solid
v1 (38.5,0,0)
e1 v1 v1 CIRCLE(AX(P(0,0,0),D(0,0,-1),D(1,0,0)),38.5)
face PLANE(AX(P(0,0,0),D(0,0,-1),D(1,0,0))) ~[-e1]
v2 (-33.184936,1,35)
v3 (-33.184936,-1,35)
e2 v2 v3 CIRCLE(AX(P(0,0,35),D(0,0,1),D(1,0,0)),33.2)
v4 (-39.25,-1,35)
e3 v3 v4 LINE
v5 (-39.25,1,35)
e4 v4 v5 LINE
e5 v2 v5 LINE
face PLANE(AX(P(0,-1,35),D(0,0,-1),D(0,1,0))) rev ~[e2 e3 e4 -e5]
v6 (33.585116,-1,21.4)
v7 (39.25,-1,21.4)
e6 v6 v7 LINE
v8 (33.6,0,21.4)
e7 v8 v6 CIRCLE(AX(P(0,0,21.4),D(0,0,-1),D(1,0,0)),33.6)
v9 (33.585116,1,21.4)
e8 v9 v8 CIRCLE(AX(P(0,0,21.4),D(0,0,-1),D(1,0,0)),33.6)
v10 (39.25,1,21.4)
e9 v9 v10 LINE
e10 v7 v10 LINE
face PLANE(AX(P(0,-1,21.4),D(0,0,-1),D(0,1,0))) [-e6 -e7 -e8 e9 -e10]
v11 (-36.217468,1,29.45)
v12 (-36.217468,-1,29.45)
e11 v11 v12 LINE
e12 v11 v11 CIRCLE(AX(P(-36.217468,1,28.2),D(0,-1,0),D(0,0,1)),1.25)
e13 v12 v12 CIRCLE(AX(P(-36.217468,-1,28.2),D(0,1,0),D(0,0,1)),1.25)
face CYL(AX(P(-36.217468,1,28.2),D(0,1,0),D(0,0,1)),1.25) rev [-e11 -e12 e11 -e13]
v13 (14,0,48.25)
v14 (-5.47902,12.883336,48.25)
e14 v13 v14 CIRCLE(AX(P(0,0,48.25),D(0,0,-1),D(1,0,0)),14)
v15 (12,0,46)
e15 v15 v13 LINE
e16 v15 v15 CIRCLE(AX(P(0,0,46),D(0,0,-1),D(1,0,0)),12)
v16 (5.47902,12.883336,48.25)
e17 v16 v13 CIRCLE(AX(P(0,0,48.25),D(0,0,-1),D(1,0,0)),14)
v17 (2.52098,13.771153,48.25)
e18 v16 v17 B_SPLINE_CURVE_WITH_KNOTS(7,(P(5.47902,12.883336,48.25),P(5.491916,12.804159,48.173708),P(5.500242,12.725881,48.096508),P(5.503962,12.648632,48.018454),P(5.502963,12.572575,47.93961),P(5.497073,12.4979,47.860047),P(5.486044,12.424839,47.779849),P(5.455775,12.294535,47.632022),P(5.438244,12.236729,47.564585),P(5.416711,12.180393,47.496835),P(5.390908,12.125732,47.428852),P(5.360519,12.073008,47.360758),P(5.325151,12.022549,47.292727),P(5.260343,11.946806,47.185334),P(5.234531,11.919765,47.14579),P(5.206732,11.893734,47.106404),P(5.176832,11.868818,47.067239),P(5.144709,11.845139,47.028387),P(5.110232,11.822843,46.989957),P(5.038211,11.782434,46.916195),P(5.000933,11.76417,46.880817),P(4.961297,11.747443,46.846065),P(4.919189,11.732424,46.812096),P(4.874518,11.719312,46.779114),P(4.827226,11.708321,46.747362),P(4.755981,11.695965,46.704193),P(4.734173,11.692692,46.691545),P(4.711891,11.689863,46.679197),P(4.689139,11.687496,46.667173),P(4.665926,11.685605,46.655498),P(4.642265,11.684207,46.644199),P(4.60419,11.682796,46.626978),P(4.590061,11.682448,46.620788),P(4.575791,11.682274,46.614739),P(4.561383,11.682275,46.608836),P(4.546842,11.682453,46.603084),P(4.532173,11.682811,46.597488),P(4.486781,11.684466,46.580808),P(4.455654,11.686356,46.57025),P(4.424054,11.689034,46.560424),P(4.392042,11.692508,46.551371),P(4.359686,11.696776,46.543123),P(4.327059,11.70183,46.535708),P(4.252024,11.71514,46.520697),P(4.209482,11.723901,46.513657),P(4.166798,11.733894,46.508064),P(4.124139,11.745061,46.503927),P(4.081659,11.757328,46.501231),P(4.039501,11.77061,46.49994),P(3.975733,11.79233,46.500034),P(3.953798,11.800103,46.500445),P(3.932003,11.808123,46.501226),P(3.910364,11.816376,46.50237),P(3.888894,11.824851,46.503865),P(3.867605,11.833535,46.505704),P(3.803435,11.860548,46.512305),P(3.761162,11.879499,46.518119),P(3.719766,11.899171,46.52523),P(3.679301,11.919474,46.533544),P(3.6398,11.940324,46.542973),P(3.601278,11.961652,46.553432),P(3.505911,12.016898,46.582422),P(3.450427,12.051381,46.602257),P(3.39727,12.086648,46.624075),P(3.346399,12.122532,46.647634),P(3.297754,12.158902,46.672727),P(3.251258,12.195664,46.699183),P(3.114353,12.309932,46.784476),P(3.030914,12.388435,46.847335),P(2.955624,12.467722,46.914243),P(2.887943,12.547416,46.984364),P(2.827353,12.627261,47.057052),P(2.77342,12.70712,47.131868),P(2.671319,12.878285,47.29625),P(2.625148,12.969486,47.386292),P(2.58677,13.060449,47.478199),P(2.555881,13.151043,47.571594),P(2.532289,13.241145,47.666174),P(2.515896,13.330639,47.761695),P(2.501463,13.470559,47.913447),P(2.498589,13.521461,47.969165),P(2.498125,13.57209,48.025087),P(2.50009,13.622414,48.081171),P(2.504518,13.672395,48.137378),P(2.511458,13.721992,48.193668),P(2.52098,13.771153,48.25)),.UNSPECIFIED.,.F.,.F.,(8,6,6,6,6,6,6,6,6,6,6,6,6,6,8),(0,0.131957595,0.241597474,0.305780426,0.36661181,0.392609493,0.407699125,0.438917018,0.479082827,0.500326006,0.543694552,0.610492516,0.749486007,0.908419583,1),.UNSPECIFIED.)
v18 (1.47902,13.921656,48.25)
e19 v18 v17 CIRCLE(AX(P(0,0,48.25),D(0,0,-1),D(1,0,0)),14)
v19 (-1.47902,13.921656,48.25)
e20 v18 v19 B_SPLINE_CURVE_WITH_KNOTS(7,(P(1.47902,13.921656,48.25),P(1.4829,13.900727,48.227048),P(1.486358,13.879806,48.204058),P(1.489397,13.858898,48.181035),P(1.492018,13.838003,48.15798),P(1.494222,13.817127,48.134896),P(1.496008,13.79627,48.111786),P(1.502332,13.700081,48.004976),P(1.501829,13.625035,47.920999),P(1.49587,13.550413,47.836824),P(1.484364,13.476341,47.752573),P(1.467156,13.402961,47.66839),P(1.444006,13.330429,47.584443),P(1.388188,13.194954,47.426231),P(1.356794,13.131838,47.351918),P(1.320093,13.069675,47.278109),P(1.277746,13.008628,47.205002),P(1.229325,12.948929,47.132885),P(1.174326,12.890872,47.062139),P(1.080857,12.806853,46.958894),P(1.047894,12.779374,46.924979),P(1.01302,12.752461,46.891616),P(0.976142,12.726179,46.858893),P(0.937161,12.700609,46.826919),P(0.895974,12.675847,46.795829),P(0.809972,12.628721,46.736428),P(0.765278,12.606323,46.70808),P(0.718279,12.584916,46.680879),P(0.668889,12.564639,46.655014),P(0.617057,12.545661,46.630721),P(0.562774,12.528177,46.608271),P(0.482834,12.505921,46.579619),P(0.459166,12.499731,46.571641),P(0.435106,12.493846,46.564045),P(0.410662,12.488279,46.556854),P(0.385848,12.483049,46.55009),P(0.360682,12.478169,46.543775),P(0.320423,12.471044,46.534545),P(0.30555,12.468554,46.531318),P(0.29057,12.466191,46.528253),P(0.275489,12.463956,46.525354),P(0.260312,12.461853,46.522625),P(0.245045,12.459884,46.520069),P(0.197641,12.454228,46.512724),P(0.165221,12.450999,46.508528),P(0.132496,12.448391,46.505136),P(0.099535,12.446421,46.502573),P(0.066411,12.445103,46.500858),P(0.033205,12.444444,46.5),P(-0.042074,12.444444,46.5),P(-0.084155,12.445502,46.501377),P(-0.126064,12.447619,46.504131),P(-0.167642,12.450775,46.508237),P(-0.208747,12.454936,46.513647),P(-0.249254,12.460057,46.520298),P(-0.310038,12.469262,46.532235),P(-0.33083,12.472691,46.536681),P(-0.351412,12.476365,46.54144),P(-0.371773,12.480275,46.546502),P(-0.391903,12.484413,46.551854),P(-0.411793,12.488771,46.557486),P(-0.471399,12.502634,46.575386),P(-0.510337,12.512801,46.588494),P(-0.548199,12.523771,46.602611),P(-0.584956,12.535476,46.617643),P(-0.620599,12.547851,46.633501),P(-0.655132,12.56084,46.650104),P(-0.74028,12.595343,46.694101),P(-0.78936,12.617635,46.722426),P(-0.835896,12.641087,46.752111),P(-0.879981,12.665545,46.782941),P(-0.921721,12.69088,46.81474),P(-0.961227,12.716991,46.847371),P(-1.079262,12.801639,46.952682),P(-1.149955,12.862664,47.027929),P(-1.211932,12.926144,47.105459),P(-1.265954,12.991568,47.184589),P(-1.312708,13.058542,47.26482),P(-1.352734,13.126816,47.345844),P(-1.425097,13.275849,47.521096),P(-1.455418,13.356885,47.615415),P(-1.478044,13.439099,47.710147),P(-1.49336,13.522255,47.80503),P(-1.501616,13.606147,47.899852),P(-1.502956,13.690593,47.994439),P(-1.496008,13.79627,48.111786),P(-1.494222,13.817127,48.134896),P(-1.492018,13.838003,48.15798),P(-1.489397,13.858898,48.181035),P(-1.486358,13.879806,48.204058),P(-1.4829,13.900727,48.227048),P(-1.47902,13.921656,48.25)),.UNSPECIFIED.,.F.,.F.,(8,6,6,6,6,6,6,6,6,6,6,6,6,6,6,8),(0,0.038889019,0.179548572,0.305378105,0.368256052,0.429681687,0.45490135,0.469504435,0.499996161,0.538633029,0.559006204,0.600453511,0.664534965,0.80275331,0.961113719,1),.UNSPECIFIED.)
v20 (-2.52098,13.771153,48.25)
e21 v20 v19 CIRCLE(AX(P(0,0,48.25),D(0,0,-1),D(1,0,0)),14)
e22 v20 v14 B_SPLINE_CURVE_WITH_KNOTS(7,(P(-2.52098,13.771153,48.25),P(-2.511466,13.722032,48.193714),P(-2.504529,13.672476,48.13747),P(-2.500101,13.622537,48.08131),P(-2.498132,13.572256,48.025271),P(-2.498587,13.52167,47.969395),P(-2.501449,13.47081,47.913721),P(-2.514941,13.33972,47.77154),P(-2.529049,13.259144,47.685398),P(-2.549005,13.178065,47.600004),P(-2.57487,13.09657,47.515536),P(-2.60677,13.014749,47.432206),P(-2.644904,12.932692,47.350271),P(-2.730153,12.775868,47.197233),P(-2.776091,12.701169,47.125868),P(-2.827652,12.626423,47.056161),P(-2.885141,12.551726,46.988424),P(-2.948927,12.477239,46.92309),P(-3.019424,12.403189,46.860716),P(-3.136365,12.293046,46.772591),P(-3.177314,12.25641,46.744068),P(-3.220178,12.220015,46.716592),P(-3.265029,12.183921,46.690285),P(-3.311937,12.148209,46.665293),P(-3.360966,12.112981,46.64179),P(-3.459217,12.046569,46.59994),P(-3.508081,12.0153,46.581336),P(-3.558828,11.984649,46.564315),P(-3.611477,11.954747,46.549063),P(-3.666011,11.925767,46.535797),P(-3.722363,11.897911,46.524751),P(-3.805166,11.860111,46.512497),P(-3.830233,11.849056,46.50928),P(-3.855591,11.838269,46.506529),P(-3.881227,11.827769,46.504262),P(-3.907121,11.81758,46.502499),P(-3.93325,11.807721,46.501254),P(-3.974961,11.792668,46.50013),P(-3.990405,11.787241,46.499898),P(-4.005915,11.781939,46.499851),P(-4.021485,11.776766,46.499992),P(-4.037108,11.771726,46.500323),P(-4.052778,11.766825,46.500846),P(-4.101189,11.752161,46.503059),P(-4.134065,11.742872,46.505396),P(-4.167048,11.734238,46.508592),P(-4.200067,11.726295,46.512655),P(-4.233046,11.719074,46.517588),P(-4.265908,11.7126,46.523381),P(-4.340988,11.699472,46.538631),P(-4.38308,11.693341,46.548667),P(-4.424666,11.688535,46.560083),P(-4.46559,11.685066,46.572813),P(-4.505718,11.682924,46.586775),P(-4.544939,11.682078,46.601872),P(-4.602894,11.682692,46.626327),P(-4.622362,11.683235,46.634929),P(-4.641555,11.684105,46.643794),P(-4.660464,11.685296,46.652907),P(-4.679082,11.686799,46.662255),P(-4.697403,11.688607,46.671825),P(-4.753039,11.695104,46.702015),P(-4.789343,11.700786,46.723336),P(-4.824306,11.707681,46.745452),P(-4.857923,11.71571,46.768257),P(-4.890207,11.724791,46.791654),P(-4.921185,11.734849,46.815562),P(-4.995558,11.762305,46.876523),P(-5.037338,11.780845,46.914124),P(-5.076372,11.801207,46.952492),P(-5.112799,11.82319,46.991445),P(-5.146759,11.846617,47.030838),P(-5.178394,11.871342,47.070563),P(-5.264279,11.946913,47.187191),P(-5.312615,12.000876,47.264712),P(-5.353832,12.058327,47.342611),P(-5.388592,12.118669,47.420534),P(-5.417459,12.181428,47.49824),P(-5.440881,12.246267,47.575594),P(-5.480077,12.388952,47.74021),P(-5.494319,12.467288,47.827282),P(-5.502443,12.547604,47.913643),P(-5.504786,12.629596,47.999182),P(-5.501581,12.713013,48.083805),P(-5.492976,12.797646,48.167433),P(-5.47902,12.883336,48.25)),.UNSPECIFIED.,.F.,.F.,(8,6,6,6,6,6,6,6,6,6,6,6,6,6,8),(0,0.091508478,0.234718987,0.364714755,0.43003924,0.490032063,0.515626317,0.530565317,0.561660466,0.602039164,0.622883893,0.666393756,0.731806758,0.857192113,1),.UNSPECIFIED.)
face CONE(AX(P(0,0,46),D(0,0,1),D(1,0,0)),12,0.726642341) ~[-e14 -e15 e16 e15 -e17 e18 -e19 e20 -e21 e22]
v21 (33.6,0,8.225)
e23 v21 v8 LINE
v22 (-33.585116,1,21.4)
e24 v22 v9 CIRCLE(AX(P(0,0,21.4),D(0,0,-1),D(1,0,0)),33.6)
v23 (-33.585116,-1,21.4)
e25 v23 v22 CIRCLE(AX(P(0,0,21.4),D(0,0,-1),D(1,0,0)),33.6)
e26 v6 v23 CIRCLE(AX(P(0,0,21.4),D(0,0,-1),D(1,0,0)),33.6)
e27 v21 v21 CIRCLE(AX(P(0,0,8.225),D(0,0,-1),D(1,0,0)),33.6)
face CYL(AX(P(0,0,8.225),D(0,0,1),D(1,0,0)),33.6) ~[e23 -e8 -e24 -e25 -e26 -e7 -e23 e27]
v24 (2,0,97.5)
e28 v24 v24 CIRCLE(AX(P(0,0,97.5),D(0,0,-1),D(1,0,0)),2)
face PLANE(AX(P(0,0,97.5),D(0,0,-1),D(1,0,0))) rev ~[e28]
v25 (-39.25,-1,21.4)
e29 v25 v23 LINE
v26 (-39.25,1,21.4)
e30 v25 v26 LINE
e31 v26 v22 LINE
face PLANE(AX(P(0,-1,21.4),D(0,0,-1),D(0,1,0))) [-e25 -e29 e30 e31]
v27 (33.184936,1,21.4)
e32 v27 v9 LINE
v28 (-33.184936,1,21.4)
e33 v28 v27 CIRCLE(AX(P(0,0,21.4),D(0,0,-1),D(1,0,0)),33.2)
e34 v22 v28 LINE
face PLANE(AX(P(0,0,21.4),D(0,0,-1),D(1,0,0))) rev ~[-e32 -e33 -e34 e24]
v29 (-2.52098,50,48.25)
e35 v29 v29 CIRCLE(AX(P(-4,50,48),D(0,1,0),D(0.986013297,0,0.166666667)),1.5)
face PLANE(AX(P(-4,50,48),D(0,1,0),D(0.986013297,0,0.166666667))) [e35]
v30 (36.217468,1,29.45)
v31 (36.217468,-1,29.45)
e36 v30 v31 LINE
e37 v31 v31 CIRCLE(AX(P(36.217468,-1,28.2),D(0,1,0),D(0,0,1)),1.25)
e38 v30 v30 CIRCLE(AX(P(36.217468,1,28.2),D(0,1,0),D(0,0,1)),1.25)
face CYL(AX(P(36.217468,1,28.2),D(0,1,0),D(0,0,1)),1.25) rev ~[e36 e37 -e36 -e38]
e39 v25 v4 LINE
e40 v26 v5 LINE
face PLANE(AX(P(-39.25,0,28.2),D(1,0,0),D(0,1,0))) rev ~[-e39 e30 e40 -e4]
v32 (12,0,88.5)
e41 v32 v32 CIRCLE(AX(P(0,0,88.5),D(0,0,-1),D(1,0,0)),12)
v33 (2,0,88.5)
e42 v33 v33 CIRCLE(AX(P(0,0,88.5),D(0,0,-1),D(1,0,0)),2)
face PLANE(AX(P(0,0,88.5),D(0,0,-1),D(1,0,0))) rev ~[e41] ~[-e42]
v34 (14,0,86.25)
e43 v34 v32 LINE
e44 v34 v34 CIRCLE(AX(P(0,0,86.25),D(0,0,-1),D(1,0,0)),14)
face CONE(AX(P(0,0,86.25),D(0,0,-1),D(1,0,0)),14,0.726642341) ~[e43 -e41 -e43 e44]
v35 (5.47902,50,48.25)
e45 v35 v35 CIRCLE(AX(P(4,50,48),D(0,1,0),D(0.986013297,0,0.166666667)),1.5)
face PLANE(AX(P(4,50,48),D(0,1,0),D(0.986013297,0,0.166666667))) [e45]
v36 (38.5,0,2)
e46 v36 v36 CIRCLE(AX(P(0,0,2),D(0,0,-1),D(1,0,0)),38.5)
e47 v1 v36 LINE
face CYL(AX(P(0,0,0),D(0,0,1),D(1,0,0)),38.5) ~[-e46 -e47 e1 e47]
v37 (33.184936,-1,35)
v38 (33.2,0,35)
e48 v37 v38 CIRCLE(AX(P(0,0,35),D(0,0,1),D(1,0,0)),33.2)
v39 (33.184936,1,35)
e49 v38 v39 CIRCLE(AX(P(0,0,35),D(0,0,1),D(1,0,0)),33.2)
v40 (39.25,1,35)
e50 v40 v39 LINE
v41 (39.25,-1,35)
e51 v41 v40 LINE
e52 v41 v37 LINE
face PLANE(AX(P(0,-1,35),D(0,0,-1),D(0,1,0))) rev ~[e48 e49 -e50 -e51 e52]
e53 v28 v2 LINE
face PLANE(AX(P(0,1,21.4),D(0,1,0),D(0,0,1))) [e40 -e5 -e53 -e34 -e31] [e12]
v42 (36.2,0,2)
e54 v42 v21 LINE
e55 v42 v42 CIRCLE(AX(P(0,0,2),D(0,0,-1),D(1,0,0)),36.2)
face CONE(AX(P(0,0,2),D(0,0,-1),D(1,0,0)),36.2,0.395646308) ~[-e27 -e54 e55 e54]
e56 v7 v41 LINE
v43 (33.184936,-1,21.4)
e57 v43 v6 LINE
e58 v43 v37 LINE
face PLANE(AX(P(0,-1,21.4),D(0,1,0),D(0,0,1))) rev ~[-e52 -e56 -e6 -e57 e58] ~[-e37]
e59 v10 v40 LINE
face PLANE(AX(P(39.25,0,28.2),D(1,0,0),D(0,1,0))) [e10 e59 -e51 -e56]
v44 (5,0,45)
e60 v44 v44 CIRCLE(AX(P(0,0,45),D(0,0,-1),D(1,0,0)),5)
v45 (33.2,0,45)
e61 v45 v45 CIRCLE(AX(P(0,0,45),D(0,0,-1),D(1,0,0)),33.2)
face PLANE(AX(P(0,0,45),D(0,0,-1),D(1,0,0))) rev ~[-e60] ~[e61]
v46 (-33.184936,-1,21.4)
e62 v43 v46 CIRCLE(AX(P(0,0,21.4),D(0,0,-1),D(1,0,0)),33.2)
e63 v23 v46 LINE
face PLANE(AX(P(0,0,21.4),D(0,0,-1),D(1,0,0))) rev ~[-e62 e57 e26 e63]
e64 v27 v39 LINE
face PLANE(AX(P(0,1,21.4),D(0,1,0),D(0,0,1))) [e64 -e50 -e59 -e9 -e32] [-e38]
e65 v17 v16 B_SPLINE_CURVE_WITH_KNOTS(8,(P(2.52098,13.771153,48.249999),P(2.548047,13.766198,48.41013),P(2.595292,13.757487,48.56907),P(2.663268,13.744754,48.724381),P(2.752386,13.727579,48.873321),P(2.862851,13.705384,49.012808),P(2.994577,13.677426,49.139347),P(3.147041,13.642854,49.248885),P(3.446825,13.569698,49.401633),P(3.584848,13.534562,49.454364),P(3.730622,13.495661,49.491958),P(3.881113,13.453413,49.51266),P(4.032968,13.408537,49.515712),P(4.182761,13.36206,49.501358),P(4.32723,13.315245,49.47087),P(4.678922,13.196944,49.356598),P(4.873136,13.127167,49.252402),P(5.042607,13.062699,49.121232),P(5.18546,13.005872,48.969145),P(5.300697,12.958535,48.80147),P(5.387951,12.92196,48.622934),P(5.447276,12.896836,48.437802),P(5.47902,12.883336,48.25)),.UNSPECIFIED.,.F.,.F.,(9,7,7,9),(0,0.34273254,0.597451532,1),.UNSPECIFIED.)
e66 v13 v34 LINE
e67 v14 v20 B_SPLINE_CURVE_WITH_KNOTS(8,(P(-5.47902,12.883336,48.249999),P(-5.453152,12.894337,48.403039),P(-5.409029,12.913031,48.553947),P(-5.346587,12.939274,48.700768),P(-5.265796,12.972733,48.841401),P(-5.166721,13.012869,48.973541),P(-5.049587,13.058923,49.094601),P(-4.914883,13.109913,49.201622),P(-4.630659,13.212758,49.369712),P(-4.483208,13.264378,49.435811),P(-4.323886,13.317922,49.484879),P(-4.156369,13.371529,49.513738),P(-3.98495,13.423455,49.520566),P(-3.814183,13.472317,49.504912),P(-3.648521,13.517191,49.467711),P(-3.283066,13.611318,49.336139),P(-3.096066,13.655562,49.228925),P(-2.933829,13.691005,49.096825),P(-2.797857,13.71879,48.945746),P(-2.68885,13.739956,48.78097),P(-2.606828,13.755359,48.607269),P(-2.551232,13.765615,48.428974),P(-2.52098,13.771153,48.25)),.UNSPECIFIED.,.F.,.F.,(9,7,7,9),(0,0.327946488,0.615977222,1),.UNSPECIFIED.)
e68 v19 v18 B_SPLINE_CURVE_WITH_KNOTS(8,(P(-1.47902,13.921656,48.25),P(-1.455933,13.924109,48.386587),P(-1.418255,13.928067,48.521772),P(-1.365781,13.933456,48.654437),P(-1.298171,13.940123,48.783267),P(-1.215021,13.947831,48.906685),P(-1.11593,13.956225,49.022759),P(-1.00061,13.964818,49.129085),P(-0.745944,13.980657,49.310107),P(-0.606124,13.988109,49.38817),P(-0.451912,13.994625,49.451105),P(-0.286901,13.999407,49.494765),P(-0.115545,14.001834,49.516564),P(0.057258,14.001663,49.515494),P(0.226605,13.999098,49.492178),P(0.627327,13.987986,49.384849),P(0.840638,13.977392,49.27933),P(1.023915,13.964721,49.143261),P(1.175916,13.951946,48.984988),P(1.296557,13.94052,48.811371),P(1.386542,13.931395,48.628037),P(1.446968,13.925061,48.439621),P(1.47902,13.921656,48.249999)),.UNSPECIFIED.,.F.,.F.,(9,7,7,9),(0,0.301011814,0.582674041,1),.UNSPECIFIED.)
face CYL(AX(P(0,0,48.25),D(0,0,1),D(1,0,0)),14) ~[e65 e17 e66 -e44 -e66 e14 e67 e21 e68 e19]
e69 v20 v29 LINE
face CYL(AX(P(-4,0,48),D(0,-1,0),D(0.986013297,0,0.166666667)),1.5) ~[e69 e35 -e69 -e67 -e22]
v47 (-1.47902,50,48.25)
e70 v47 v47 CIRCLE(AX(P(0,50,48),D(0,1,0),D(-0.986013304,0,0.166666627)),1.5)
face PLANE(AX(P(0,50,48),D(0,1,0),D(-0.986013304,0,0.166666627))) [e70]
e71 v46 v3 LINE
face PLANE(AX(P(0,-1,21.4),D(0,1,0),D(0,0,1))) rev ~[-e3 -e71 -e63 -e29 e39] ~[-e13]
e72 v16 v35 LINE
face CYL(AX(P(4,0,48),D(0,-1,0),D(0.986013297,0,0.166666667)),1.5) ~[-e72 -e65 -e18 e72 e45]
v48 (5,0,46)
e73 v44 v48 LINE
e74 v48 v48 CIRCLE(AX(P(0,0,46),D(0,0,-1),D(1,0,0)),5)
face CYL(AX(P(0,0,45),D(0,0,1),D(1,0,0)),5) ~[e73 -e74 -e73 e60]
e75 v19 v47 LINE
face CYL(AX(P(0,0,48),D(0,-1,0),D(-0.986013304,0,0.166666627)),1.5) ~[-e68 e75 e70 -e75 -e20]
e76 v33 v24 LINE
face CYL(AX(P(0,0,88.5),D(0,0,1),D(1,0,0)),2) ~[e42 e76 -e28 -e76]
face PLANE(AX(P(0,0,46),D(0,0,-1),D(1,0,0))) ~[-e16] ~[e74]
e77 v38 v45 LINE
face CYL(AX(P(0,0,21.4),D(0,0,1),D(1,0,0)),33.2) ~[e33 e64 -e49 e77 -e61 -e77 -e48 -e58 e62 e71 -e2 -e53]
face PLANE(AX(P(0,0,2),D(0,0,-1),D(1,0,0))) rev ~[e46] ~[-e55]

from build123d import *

# Parameters (mm, degrees)
SKETCH3_W           = 2
SKETCH3_H           = 13.6
BOSS_EXTRUDE1_DEPTH = 39.25
SKETCH4_R           = 1.25
CUT_EXTRUDE1_DEPTH  = 113.281176072
SKETCH5_R           = 1.5
BOSS_EXTRUDE5_DEPTH = 50


with BuildPart() as part:
    # Sketch1 → Revolve1 (revolve)
    with BuildSketch(Plane.YZ, mode=Mode.PRIVATE) as revolve1_sk:
        Polygon((0, 0), (38.5, 0), (38.5, 2), (36.2, 2), (33.6, 8.225), (33.6, 21.4), (33.2, 21.4), (33.2, 45), (5, 45), (5, 46), (12, 46), (14, 48.25), (14, 86.25), (12, 88.5), (2, 88.5), (2, 97.5), (0, 97.5), align=None)
    revolve(revolve1_sk.sketch.rotate(Axis((0, 0, 0), (0, 0, -1)), 90), axis=Axis((0, 0, 0), (0, 0, -1)))

    # Sketch3 → Boss-Extrude1 (add, symmetric)
    with BuildSketch(Plane.YZ):
        with Locations((0, 28.2)):
            Rectangle(SKETCH3_W, SKETCH3_H)
    extrude(amount=BOSS_EXTRUDE1_DEPTH, both=True)

    # Sketch4 → Cut-Extrude1 (cut, through all)
    with BuildSketch(Plane(origin=(0, 1, 0), x_dir=(-1, 0, 0), z_dir=(0, 1, 0))):
        with Locations(Location((-36.217468171, 28.2, 0), (0, 0, 90))):
            Circle(SKETCH4_R)
    cut_extrude1 = extrude(amount=-CUT_EXTRUDE1_DEPTH, mode=Mode.SUBTRACT)

    # Mirror1: Cut-Extrude1 across plane
    add(cut_extrude1.mirror(Plane(origin=(0, 0, 0), x_dir=(0, 0, 1), z_dir=(1, 0, 0))), mode=Mode.SUBTRACT)

    # Sketch5 → Boss-Extrude5 (add)
    with BuildSketch(Plane(origin=(0, 0, 0), x_dir=(-1, 0, 0), z_dir=(0, 1, 0))):
        with Locations(Location((0, 48, 0), (0, 0, 9.594065947))):
            Circle(SKETCH5_R)
        with Locations(Location((4, 48, 0), (0, 0, 170.405931773))):
            Circle(SKETCH5_R)
        with Locations(Location((-4, 48, 0), (0, 0, 170.405931773))):
            Circle(SKETCH5_R)
    extrude(amount=BOSS_EXTRUDE5_DEPTH)


solid = part.part
